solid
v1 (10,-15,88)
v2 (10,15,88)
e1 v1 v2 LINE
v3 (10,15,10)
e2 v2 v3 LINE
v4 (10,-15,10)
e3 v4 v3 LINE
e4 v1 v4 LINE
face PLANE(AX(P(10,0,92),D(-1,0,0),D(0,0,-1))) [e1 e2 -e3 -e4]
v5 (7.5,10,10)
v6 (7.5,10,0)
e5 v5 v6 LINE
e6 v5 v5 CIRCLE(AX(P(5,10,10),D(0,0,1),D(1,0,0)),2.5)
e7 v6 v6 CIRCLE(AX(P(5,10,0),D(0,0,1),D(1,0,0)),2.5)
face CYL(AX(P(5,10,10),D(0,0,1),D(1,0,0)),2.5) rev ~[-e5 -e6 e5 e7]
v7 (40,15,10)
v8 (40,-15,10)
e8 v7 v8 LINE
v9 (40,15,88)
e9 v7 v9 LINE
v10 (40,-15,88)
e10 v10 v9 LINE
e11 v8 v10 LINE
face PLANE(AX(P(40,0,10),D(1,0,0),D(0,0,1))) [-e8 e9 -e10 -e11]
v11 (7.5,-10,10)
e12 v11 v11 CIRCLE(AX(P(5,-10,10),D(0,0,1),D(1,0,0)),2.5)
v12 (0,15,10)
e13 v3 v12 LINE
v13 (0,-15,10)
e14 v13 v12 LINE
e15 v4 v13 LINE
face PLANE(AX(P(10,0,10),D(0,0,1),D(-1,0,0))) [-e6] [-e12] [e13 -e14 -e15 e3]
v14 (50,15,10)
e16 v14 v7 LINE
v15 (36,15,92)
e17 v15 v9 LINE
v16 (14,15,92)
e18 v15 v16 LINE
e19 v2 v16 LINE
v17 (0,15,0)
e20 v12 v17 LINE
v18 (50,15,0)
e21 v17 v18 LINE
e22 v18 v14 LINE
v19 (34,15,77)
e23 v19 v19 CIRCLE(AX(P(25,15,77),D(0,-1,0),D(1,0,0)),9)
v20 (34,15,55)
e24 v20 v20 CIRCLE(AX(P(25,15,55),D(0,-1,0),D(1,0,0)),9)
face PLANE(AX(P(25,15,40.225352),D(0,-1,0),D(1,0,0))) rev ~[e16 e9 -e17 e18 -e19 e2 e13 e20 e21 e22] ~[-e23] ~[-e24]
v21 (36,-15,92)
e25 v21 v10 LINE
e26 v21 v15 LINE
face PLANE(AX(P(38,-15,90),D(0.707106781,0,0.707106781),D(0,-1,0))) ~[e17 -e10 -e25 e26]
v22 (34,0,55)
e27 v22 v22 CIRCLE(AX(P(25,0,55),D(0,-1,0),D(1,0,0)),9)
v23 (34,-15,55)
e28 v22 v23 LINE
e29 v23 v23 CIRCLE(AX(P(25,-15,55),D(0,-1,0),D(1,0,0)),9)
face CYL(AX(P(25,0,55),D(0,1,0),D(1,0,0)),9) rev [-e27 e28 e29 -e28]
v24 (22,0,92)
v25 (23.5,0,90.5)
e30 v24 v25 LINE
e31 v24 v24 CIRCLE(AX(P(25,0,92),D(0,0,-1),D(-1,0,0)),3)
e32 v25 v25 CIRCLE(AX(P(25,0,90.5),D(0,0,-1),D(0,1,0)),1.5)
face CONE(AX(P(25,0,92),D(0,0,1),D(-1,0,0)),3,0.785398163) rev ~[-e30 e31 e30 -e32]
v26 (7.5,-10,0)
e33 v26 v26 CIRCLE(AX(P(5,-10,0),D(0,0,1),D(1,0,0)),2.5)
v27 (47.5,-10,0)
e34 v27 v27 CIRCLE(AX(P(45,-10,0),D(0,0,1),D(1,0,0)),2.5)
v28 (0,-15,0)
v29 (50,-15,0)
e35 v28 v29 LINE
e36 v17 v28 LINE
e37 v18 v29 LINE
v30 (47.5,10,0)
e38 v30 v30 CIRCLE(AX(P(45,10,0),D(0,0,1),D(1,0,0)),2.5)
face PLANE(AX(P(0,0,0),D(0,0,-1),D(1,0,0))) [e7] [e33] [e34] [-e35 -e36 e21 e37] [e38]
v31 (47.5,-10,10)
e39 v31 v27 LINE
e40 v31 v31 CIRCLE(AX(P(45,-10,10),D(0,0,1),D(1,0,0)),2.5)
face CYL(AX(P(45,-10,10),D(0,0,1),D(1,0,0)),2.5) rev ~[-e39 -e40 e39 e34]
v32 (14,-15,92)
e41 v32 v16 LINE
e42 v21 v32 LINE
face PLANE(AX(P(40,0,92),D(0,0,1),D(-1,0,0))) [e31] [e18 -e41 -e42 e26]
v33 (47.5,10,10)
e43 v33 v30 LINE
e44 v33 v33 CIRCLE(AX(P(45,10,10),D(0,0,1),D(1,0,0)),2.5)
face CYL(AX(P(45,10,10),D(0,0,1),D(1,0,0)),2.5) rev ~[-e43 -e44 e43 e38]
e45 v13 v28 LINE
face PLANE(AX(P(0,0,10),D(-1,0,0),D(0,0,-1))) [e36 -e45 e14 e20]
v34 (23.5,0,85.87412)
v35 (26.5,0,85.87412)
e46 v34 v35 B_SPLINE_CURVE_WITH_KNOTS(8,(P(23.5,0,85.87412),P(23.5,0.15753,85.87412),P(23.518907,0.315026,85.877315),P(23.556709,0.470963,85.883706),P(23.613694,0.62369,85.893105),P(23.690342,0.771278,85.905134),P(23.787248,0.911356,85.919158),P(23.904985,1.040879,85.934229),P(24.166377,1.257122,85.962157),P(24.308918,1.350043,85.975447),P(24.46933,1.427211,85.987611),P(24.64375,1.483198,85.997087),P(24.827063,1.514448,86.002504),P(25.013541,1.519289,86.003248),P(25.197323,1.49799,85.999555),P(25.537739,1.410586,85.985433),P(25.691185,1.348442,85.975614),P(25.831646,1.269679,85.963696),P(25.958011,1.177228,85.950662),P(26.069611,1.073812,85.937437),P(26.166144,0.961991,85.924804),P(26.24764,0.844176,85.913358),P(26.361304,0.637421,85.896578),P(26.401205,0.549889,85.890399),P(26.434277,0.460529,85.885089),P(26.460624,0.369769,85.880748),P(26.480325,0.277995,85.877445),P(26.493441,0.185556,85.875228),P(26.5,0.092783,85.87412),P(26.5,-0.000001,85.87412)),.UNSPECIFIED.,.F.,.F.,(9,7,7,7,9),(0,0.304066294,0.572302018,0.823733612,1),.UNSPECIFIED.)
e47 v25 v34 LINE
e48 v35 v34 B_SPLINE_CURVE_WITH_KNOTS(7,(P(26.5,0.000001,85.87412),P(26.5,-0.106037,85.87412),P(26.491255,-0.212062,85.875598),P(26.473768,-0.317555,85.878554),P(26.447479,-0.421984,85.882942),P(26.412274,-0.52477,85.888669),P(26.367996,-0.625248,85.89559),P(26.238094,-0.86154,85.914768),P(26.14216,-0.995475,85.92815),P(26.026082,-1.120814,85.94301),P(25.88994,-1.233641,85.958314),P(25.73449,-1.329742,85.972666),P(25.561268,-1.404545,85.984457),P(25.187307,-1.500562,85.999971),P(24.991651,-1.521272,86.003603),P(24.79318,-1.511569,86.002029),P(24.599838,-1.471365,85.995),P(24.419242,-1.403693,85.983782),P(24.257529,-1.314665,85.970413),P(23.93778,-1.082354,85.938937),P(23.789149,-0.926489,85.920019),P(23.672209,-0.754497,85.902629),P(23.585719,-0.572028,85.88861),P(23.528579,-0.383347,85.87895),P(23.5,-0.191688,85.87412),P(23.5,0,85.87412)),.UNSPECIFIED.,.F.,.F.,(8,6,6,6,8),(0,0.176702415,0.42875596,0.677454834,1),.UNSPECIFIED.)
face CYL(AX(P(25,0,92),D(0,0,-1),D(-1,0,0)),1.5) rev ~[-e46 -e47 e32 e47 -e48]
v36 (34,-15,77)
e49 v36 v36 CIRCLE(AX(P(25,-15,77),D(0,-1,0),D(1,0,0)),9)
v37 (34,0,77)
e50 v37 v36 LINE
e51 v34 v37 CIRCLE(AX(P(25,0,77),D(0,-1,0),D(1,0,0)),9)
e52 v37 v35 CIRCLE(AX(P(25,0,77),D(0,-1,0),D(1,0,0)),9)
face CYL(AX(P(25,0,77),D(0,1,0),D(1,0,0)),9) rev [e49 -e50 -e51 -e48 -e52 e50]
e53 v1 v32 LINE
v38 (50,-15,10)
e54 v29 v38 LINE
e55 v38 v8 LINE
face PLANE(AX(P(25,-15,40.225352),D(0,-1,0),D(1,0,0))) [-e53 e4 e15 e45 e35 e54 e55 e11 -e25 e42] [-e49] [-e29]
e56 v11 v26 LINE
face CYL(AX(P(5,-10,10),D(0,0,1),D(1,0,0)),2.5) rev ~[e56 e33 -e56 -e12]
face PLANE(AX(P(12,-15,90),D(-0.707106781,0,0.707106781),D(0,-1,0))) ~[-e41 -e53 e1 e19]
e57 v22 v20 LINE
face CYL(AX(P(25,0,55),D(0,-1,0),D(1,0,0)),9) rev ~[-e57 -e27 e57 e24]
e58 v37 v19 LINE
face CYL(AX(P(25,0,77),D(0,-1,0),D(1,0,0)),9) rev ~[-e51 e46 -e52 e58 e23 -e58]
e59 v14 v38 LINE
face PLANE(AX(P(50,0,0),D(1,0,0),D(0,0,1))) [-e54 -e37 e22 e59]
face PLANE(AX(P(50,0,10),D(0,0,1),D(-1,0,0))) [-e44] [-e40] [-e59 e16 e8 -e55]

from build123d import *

# Parameters (mm, degrees)
F0_R           = 9
F1_DEPTH       = 15
F1_DEPTH_BACK  = 15
F2_SIZE        = 4
F4_D           = 3
F4_DEPTH       = 10
F4_CSINK_D     = 6
F4_CSINK_ANGLE = 90
F5_R           = 2.5
F6_DEPTH       = 10


with BuildPart() as f1:
    # F0 (on Front) → F1 (new body, two sides)
    with BuildSketch(Plane.XZ) as f1_sk:
        Polygon((0, 10), (0, 0), (50, 0), (50, 10), (40, 10), (40, 92), (10, 92), (10, 10), align=None)
        with Locations((25, 55)):
            Circle(F0_R, mode=Mode.SUBTRACT)
        with Locations((25, 77)):
            Circle(F0_R, mode=Mode.SUBTRACT)
    extrude(amount=F1_DEPTH)
    extrude(f1_sk.sketch, amount=-F1_DEPTH_BACK)

    # F2
    f2_edges = [f1.edges().sort_by_distance(p)[0] for p in [
        (40, 0, 92),
        (10, 0, 92),
    ]]
    chamfer(f2_edges, length=F2_SIZE)

    # F4
    with Locations(Plane.XY.offset(92)):
        with Locations((25, 0)):
            CounterSinkHole(F4_D / 2, F4_CSINK_D / 2, depth=F4_DEPTH, counter_sink_angle=F4_CSINK_ANGLE)

    # F5 (on face) → F6 (cut)
    with BuildSketch(Plane.XY.offset(10)):
        with Locations((5, 10)):
            Circle(F5_R)
        with Locations((5, -10)):
            Circle(F5_R)
        with Locations((45, -10)):
            Circle(F5_R)
        with Locations((45, 10)):
            Circle(F5_R)
    extrude(amount=-F6_DEPTH, mode=Mode.SUBTRACT)


solid = f1.part
